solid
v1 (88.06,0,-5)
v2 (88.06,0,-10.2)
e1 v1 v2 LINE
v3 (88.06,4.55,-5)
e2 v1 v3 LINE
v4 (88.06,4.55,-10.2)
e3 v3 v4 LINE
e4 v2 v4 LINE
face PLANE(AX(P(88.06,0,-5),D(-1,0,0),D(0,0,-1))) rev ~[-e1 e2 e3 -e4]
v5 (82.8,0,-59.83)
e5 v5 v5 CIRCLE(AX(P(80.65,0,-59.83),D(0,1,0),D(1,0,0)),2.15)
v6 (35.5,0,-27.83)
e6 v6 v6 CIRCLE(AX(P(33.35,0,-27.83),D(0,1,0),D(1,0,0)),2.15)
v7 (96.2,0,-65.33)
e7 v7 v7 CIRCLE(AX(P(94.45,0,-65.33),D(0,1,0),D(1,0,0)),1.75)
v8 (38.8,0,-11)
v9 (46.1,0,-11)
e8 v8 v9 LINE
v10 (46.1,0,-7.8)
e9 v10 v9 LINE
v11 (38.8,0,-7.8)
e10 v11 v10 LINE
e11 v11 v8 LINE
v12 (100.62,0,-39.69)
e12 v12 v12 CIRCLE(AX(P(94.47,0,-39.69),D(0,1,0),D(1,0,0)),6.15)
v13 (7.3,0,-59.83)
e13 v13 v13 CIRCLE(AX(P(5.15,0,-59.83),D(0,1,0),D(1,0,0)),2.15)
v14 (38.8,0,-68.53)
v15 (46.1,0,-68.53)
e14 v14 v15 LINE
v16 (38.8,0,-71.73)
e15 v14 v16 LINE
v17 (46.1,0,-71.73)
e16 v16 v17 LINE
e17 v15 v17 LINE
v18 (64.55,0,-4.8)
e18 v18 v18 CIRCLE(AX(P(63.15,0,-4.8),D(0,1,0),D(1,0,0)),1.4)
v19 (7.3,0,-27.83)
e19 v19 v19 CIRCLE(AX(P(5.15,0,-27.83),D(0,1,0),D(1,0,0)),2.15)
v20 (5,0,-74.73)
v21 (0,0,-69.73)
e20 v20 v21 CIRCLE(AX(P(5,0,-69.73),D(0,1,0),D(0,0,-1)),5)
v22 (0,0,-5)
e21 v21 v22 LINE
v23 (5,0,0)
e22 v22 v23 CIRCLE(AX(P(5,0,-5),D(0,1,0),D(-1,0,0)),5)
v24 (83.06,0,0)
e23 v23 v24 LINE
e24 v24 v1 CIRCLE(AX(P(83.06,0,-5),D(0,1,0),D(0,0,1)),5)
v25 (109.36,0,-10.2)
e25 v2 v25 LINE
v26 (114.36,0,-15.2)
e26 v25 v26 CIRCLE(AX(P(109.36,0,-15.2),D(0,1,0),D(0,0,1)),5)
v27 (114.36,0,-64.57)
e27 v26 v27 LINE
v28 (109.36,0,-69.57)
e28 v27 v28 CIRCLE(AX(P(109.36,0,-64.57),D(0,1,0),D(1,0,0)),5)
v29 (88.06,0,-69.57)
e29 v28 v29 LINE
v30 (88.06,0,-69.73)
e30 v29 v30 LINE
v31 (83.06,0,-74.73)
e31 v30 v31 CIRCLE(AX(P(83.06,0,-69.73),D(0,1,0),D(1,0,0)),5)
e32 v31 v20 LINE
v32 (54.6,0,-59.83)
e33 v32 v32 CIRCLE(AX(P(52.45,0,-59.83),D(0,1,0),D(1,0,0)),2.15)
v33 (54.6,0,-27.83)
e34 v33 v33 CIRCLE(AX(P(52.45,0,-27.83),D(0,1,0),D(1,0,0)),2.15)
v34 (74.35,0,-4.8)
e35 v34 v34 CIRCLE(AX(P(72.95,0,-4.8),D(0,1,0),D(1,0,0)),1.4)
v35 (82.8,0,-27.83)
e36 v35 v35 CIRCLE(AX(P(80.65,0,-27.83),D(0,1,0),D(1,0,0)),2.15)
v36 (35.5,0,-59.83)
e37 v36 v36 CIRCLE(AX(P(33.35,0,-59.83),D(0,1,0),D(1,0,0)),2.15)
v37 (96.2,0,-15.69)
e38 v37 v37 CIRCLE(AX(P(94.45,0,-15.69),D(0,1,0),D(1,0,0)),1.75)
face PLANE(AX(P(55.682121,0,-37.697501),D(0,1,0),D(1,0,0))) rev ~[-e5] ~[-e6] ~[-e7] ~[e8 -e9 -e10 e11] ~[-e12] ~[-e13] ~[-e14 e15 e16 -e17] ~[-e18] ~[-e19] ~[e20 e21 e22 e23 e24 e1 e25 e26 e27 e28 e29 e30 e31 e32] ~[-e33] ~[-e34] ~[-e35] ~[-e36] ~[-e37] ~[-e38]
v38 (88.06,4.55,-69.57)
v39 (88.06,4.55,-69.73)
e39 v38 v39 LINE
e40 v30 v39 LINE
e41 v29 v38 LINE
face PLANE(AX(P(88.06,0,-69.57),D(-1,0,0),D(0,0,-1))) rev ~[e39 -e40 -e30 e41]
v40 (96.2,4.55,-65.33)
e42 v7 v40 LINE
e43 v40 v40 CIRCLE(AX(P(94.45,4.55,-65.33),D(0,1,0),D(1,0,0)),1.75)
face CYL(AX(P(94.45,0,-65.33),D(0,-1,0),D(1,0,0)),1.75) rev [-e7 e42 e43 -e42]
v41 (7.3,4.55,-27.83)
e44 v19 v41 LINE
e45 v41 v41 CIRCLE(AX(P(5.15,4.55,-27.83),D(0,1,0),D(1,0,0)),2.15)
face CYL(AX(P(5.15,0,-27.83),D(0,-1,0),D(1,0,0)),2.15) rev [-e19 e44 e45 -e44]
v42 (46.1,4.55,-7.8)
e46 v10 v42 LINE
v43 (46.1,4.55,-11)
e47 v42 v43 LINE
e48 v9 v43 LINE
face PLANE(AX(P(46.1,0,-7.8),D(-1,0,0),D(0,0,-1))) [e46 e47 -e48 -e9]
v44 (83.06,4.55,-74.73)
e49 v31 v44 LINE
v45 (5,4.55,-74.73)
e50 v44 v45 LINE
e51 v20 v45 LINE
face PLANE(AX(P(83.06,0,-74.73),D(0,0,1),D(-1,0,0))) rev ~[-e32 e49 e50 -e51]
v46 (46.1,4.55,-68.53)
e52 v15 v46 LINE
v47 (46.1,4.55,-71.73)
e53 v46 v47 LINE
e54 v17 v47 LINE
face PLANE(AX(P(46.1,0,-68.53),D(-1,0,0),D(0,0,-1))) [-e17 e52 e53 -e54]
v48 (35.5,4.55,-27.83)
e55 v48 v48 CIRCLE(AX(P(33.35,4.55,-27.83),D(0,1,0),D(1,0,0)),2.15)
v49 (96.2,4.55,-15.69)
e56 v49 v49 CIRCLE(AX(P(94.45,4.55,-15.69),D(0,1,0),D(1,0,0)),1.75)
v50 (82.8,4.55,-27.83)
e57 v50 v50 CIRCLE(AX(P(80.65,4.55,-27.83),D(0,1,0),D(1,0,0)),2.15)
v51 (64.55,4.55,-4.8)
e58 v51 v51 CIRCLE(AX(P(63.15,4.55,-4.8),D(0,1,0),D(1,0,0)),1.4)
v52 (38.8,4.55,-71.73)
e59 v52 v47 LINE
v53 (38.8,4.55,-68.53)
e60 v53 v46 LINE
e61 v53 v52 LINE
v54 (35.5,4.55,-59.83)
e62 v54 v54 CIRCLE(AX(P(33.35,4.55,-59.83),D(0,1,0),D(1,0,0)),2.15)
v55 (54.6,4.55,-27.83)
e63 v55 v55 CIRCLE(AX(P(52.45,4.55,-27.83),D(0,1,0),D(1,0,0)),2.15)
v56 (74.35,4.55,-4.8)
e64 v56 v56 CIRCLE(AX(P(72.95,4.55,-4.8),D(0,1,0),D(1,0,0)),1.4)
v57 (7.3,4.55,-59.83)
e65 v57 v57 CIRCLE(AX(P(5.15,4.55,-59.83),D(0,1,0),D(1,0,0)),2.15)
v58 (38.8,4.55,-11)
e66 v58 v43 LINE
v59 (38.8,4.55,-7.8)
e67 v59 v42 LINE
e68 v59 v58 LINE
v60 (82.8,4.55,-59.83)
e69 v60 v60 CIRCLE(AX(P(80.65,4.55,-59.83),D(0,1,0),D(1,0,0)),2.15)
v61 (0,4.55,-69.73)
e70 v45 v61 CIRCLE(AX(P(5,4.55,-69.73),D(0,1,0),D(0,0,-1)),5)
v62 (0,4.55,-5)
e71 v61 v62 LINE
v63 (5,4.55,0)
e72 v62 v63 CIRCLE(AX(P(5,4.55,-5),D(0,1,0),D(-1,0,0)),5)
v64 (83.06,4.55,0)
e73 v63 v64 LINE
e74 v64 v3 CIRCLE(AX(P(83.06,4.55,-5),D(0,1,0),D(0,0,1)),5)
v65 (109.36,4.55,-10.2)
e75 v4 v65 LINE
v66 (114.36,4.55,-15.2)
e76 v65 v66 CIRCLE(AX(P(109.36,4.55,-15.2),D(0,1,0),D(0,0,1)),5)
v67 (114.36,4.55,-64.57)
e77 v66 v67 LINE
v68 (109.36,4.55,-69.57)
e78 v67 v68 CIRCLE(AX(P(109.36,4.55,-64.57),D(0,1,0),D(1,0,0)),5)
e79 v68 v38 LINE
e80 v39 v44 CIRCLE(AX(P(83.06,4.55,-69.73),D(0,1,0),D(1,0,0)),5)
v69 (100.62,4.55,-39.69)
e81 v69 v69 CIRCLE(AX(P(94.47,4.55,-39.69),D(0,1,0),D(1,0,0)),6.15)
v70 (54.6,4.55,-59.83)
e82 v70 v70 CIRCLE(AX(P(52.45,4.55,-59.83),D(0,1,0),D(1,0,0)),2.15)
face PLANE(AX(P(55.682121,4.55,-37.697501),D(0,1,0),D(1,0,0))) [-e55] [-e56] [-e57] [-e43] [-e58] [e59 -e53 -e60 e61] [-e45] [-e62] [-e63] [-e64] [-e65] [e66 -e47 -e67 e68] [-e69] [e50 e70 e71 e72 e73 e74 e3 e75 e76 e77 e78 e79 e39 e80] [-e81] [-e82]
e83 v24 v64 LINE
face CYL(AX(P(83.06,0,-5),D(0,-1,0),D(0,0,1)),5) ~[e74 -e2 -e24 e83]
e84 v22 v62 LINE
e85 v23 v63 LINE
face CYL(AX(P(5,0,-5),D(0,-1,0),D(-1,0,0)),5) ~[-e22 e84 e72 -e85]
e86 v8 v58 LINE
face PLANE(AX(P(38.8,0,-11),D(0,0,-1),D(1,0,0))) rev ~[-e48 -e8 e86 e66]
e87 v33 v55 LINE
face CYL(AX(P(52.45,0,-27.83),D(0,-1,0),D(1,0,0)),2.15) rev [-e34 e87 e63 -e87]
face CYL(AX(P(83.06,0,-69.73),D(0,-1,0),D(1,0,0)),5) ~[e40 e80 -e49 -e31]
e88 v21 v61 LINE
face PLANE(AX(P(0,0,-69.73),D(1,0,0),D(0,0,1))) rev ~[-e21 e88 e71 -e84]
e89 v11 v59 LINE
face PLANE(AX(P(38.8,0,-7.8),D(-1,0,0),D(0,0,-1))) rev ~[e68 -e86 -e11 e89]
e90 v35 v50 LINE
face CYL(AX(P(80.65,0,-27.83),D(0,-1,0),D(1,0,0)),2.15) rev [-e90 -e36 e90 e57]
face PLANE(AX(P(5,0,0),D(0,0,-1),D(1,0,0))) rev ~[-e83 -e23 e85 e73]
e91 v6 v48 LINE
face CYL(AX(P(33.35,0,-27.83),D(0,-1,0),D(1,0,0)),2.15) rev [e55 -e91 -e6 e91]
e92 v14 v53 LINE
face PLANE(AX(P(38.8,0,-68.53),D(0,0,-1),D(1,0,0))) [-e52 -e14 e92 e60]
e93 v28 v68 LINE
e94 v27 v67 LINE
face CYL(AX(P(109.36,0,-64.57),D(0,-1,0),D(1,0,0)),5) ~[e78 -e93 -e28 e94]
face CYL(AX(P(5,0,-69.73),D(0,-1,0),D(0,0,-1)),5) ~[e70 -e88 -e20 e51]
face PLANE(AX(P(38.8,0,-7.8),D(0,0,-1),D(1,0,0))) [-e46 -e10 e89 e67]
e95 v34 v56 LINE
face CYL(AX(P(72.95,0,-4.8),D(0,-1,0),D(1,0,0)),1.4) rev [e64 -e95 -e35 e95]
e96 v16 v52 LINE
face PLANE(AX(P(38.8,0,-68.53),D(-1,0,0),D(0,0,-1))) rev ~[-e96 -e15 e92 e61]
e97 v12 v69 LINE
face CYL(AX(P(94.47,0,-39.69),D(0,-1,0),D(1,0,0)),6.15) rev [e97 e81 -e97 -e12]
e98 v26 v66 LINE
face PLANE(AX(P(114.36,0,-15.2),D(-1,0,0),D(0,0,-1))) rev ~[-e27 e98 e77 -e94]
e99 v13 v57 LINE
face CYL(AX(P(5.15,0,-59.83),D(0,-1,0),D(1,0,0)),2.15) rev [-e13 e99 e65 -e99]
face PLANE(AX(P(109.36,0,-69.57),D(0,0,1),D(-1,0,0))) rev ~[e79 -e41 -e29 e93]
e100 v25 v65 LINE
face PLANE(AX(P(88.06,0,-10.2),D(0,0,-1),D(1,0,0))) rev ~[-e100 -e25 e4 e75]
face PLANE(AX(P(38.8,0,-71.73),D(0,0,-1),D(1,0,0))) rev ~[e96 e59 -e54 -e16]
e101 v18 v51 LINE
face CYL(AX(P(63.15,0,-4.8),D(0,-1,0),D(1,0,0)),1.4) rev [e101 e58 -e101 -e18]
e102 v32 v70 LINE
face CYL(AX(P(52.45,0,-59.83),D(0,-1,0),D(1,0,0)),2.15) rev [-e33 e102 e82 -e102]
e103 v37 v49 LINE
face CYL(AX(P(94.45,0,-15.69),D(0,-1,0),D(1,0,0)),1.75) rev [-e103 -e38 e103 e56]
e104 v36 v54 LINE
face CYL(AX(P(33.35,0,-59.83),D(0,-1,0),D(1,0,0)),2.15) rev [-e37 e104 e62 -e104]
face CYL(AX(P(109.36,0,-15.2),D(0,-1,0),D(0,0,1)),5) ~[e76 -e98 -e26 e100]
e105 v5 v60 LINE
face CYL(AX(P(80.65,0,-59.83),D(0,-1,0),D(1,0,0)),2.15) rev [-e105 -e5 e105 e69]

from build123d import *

# Parameters (mm, degrees)
SKETCH1_R           = 2.15
SKETCH1_R_2         = 6.15
SKETCH1_R_3         = 1.75
SKETCH1_R_4         = 1.4
SKETCH1_W           = 7.3
SKETCH1_H           = 3.2
BOSS_EXTRUDE1_DEPTH = 4.55


with BuildPart() as part:
    # Sketch1 → Boss-Extrude1 (new body)
    with BuildSketch(Plane(origin=(0, 0, 0), x_dir=(1, 0, 0), z_dir=(0, 1, 0))):
        with BuildLine():
            Line((5, 0), (83.06, 0))
            ThreePointArc((83.06, 0), (86.595533906, 1.464466094), (88.06, 5))
            Line((88.06, 5), (88.06, 10.2))
            Line((88.06, 10.2), (109.36, 10.2))
            ThreePointArc((109.36, 10.2), (112.895533906, 11.664466094), (114.36, 15.2))
            Line((114.36, 15.2), (114.36, 64.57))
            ThreePointArc((114.36, 64.57), (112.895533906, 68.105533906), (109.36, 69.57))
            Line((109.36, 69.57), (88.06, 69.57))
            Line((88.06, 69.57), (88.06, 69.73))
            ThreePointArc((88.06, 69.73), (86.595533906, 73.265533906), (83.06, 74.73))
            Line((83.06, 74.73), (5, 74.73))
            ThreePointArc((5, 74.73), (1.464466094, 73.265533906), (0, 69.73))
            Line((0, 69.73), (0, 5))
            ThreePointArc((0, 5), (1.464466094, 1.464466094), (5, 0))
        make_face()
        with Locations((5.15, 59.83)):
            Circle(SKETCH1_R, mode=Mode.SUBTRACT)
        with Locations((33.35, 59.83)):
            Circle(SKETCH1_R, mode=Mode.SUBTRACT)
        with Locations((52.45, 59.83)):
            Circle(SKETCH1_R, mode=Mode.SUBTRACT)
        with Locations((80.65, 59.83)):
            Circle(SKETCH1_R, mode=Mode.SUBTRACT)
        with Locations((5.15, 27.83)):
            Circle(SKETCH1_R, mode=Mode.SUBTRACT)
        with Locations((33.35, 27.83)):
            Circle(SKETCH1_R, mode=Mode.SUBTRACT)
        with Locations((52.45, 27.83)):
            Circle(SKETCH1_R, mode=Mode.SUBTRACT)
        with Locations((80.65, 27.83)):
            Circle(SKETCH1_R, mode=Mode.SUBTRACT)
        with Locations((94.47, 39.69)):
            Circle(SKETCH1_R_2, mode=Mode.SUBTRACT)
        with Locations((94.45, 65.33)):
            Circle(SKETCH1_R_3, mode=Mode.SUBTRACT)
        with Locations((94.45, 15.69)):
            Circle(SKETCH1_R_3, mode=Mode.SUBTRACT)
        with Locations((63.15, 4.8)):
            Circle(SKETCH1_R_4, mode=Mode.SUBTRACT)
        with Locations((72.95, 4.8)):
            Circle(SKETCH1_R_4, mode=Mode.SUBTRACT)
        with Locations((42.45, 70.13)):
            Rectangle(SKETCH1_W, SKETCH1_H, mode=Mode.SUBTRACT)
        with Locations((42.45, 9.4)):
            Rectangle(SKETCH1_W, SKETCH1_H, mode=Mode.SUBTRACT)
    extrude(amount=BOSS_EXTRUDE1_DEPTH)


solid = part.part
